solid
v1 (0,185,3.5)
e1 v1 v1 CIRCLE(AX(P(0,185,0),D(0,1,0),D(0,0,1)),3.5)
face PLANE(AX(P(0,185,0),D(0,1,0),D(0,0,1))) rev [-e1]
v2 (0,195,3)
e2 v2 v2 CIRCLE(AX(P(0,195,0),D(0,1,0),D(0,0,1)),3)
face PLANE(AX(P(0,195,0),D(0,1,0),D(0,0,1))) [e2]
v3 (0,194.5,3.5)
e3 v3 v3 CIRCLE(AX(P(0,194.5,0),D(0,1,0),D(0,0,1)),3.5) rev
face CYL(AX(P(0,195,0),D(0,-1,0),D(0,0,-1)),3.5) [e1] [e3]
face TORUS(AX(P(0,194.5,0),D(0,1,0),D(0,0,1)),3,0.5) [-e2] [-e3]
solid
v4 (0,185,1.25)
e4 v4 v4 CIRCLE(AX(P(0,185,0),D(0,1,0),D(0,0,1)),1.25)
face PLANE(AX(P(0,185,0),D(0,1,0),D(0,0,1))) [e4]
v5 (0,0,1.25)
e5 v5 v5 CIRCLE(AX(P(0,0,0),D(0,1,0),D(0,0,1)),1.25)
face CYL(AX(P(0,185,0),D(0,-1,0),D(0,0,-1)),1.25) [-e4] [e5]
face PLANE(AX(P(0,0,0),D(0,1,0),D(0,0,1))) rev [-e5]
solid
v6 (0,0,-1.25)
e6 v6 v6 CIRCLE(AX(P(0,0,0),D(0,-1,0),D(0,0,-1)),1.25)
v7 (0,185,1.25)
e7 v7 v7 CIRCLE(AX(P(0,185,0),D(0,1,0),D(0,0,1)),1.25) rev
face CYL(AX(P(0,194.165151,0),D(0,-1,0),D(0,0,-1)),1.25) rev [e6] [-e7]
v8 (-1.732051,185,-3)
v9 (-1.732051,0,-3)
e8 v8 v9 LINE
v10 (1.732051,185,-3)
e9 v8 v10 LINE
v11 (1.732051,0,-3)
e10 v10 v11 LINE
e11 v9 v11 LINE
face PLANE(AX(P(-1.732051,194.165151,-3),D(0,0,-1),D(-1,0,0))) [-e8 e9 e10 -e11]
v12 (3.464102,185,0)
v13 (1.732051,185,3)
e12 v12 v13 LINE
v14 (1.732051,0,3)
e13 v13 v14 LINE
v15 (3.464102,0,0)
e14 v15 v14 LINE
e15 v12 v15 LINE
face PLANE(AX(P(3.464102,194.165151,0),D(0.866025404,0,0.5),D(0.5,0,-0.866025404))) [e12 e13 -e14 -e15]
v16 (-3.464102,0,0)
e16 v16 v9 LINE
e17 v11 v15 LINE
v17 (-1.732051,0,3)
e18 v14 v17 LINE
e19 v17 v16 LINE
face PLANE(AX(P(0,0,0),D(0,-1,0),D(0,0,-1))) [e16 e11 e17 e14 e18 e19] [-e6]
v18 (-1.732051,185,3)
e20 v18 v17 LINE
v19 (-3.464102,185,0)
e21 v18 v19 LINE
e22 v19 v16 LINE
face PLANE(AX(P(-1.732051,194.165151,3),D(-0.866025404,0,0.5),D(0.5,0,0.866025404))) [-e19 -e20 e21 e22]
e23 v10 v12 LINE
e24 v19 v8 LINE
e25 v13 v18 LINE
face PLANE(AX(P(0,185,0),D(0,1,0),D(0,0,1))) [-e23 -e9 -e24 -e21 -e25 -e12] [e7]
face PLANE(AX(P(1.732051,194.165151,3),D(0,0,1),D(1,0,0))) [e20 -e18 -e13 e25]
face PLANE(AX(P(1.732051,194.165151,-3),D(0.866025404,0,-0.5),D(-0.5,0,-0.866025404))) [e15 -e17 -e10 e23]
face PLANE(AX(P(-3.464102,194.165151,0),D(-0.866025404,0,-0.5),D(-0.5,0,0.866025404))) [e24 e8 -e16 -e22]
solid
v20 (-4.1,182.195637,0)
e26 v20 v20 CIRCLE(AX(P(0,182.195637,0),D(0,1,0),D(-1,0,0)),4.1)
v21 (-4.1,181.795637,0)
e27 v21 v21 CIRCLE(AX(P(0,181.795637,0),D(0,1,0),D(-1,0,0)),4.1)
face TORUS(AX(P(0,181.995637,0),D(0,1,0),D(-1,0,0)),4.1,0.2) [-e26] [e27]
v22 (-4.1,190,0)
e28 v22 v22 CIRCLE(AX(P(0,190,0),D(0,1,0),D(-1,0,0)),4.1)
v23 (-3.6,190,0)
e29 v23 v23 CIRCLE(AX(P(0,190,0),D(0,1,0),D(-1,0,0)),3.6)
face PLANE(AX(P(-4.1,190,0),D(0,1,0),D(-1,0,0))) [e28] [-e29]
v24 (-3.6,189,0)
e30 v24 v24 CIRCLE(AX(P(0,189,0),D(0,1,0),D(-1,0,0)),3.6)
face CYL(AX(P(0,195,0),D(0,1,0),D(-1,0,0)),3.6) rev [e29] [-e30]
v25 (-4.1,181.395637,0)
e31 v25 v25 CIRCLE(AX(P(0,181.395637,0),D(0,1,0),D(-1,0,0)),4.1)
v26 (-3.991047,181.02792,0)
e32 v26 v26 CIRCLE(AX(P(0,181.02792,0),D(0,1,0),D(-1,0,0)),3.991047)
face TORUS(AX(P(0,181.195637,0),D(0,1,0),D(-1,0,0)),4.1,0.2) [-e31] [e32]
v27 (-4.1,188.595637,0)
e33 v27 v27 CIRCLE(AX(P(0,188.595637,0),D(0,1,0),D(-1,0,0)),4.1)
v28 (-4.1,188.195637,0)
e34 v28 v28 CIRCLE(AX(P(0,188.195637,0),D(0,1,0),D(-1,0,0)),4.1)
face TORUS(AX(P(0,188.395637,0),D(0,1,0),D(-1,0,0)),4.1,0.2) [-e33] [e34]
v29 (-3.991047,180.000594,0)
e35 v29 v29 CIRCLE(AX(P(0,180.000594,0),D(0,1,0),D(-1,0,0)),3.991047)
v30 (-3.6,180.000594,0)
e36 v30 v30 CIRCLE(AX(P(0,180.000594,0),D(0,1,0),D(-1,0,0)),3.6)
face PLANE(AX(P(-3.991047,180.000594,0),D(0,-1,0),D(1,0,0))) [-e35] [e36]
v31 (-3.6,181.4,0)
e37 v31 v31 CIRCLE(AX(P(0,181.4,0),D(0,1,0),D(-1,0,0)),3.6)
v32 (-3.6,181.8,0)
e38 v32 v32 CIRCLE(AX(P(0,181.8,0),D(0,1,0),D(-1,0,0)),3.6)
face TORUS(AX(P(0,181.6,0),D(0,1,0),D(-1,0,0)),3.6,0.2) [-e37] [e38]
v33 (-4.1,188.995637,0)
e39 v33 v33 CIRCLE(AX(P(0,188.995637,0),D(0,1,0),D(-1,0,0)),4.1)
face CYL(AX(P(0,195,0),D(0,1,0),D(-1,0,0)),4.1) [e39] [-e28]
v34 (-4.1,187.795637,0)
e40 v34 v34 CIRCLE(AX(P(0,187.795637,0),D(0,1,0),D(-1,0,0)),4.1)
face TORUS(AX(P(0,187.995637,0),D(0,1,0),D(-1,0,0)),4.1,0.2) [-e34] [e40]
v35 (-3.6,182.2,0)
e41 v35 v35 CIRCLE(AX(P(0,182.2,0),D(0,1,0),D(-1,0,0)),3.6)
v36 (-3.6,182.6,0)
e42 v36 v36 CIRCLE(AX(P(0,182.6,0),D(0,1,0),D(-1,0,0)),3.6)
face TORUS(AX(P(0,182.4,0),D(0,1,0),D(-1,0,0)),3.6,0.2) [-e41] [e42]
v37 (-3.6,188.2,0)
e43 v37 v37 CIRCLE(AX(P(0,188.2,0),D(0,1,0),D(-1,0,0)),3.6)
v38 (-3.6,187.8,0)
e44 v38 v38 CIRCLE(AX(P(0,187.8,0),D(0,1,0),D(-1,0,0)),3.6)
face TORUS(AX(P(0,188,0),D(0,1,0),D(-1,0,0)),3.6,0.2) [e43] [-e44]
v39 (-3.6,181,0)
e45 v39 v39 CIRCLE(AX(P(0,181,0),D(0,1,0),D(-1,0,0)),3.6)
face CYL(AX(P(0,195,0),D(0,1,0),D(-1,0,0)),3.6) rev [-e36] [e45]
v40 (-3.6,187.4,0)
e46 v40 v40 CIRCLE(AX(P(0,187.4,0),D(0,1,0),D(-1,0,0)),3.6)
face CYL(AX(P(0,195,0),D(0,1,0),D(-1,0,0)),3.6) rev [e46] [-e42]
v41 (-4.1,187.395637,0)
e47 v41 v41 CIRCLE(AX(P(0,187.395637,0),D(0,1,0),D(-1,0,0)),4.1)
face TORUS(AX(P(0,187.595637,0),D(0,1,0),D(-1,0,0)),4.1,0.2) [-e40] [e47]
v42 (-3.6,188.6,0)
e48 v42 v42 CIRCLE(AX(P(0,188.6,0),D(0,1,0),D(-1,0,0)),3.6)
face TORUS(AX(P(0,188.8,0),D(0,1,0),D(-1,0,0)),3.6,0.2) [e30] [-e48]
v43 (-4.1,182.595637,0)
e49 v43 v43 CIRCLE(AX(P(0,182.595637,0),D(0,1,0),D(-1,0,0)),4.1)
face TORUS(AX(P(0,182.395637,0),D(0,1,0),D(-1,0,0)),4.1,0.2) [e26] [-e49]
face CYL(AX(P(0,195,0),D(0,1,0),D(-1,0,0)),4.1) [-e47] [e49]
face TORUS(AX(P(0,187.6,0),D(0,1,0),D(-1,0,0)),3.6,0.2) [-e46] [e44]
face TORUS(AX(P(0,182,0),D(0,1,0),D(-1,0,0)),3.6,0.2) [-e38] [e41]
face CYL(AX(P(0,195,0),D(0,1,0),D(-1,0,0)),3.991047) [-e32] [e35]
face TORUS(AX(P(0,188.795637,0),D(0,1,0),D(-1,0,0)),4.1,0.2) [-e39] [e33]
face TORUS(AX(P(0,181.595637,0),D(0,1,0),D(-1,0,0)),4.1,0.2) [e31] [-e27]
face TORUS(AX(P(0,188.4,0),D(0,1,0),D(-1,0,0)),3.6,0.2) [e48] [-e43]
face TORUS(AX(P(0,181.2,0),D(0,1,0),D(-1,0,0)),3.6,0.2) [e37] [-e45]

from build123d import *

# Parameters (mm, degrees)
SKETCH1_R           = 1.25
LEAD_DEPTH          = 185
SKETCH2_R           = 1.25
WOODEN_CASING_DEPTH = 185
SKETCH3_R           = 3.5
ERASER_DEPTH        = 10
FILLET_2_R          = 0.5


with BuildPart() as part:
    # Sketch1 → Lead (new body)
    with BuildSketch(Plane(origin=(0, 0, 0), x_dir=(1, 0, 0), z_dir=(0, 1, 0))):
        with Locations(Location((0, 0, 0), (0, 0, 270))):
            Circle(SKETCH1_R)
    extrude(amount=LEAD_DEPTH)


with BuildPart() as body_2:
    # Sketch2 → Wooden Casing (new body)
    with BuildSketch(Plane.XZ):
        Polygon((-3.464101615, 0), (-1.732050808, -3), (1.732050808, -3), (3.464101615, 0), (1.732050808, 3), (-1.732050808, 3), align=None)
        with Locations(Location((0, 0, 0), (0, 0, 270))):
            Circle(SKETCH2_R, mode=Mode.SUBTRACT)
    extrude(amount=-WOODEN_CASING_DEPTH)


with BuildPart() as body_3:
    # Sketch3 → Eraser (new body)
    with BuildSketch(Plane(origin=(0, 185, 0), x_dir=(1, 0, 0), z_dir=(0, 1, 0))):
        with Locations(Location((0, 0, 0), (0, 0, 270))):
            Circle(SKETCH3_R)
    extrude(amount=ERASER_DEPTH)

    # Fillet 2
    fillet_2_edges = [body_3.edges().sort_by_distance(p)[0] for p in [
        (0, 195, -3.5),
    ]]
    fillet(fillet_2_edges, radius=FILLET_2_R)


with BuildPart() as body_4:
    # Sketch4 → Revolve6 (revolve)
    with BuildSketch(Plane.XY):
        with BuildLine():
            Line((-3.6, 181), (-3.6, 180.000593557))
            Line((-3.6, 180.000593557), (-3.991046812, 180.000593557))
            Line((-3.991046812, 180.000593557), (-3.991046812, 181.027919528))
            ThreePointArc((-3.991046812, 181.027919528), (-4.291759649, 181.138819578), (-4.1, 181.395637156))
            ThreePointArc((-4.1, 181.395637156), (-4.3, 181.595637156), (-4.1, 181.795637156))
            ThreePointArc((-4.1, 181.795637156), (-4.3, 181.995637156), (-4.1, 182.195637156))
            ThreePointArc((-4.1, 182.195637156), (-4.3, 182.395637156), (-4.1, 182.595637156))
            Line((-4.1, 182.595637156), (-4.1, 184.995637156))
            Line((-4.1, 184.995637156), (-4.1, 187.395637156))
            ThreePointArc((-4.1, 187.395637156), (-4.3, 187.595637156), (-4.1, 187.795637156))
            ThreePointArc((-4.1, 187.795637156), (-4.3, 187.995637156), (-4.1, 188.195637156))
            ThreePointArc((-4.1, 188.195637156), (-4.3, 188.395637156), (-4.1, 188.595637156))
            ThreePointArc((-4.1, 188.595637156), (-4.3, 188.795637156), (-4.1, 188.995637156))
            Line((-4.1, 188.995637156), (-4.1, 190))
            Line((-4.1, 190), (-3.6, 190))
            Line((-3.6, 190), (-3.6, 189))
            ThreePointArc((-3.6, 189), (-3.4, 188.8), (-3.6, 188.6))
            ThreePointArc((-3.6, 188.6), (-3.4, 188.4), (-3.6, 188.2))
            ThreePointArc((-3.6, 188.2), (-3.4, 188), (-3.6, 187.8))
            ThreePointArc((-3.6, 187.8), (-3.4, 187.6), (-3.6, 187.4))
            Line((-3.6, 187.4), (-3.6, 182.6))
            ThreePointArc((-3.6, 182.6), (-3.4, 182.4), (-3.6, 182.2))
            ThreePointArc((-3.6, 182.2), (-3.4, 182), (-3.6, 181.8))
            ThreePointArc((-3.6, 181.8), (-3.4, 181.6), (-3.6, 181.4))
            ThreePointArc((-3.6, 181.4), (-3.4, 181.2), (-3.6, 181))
        make_face()
    revolve(axis=Axis((0, 195, 0), (0, -1, 0)))


solid = Compound([part.part, body_2.part, body_3.part, body_4.part])
